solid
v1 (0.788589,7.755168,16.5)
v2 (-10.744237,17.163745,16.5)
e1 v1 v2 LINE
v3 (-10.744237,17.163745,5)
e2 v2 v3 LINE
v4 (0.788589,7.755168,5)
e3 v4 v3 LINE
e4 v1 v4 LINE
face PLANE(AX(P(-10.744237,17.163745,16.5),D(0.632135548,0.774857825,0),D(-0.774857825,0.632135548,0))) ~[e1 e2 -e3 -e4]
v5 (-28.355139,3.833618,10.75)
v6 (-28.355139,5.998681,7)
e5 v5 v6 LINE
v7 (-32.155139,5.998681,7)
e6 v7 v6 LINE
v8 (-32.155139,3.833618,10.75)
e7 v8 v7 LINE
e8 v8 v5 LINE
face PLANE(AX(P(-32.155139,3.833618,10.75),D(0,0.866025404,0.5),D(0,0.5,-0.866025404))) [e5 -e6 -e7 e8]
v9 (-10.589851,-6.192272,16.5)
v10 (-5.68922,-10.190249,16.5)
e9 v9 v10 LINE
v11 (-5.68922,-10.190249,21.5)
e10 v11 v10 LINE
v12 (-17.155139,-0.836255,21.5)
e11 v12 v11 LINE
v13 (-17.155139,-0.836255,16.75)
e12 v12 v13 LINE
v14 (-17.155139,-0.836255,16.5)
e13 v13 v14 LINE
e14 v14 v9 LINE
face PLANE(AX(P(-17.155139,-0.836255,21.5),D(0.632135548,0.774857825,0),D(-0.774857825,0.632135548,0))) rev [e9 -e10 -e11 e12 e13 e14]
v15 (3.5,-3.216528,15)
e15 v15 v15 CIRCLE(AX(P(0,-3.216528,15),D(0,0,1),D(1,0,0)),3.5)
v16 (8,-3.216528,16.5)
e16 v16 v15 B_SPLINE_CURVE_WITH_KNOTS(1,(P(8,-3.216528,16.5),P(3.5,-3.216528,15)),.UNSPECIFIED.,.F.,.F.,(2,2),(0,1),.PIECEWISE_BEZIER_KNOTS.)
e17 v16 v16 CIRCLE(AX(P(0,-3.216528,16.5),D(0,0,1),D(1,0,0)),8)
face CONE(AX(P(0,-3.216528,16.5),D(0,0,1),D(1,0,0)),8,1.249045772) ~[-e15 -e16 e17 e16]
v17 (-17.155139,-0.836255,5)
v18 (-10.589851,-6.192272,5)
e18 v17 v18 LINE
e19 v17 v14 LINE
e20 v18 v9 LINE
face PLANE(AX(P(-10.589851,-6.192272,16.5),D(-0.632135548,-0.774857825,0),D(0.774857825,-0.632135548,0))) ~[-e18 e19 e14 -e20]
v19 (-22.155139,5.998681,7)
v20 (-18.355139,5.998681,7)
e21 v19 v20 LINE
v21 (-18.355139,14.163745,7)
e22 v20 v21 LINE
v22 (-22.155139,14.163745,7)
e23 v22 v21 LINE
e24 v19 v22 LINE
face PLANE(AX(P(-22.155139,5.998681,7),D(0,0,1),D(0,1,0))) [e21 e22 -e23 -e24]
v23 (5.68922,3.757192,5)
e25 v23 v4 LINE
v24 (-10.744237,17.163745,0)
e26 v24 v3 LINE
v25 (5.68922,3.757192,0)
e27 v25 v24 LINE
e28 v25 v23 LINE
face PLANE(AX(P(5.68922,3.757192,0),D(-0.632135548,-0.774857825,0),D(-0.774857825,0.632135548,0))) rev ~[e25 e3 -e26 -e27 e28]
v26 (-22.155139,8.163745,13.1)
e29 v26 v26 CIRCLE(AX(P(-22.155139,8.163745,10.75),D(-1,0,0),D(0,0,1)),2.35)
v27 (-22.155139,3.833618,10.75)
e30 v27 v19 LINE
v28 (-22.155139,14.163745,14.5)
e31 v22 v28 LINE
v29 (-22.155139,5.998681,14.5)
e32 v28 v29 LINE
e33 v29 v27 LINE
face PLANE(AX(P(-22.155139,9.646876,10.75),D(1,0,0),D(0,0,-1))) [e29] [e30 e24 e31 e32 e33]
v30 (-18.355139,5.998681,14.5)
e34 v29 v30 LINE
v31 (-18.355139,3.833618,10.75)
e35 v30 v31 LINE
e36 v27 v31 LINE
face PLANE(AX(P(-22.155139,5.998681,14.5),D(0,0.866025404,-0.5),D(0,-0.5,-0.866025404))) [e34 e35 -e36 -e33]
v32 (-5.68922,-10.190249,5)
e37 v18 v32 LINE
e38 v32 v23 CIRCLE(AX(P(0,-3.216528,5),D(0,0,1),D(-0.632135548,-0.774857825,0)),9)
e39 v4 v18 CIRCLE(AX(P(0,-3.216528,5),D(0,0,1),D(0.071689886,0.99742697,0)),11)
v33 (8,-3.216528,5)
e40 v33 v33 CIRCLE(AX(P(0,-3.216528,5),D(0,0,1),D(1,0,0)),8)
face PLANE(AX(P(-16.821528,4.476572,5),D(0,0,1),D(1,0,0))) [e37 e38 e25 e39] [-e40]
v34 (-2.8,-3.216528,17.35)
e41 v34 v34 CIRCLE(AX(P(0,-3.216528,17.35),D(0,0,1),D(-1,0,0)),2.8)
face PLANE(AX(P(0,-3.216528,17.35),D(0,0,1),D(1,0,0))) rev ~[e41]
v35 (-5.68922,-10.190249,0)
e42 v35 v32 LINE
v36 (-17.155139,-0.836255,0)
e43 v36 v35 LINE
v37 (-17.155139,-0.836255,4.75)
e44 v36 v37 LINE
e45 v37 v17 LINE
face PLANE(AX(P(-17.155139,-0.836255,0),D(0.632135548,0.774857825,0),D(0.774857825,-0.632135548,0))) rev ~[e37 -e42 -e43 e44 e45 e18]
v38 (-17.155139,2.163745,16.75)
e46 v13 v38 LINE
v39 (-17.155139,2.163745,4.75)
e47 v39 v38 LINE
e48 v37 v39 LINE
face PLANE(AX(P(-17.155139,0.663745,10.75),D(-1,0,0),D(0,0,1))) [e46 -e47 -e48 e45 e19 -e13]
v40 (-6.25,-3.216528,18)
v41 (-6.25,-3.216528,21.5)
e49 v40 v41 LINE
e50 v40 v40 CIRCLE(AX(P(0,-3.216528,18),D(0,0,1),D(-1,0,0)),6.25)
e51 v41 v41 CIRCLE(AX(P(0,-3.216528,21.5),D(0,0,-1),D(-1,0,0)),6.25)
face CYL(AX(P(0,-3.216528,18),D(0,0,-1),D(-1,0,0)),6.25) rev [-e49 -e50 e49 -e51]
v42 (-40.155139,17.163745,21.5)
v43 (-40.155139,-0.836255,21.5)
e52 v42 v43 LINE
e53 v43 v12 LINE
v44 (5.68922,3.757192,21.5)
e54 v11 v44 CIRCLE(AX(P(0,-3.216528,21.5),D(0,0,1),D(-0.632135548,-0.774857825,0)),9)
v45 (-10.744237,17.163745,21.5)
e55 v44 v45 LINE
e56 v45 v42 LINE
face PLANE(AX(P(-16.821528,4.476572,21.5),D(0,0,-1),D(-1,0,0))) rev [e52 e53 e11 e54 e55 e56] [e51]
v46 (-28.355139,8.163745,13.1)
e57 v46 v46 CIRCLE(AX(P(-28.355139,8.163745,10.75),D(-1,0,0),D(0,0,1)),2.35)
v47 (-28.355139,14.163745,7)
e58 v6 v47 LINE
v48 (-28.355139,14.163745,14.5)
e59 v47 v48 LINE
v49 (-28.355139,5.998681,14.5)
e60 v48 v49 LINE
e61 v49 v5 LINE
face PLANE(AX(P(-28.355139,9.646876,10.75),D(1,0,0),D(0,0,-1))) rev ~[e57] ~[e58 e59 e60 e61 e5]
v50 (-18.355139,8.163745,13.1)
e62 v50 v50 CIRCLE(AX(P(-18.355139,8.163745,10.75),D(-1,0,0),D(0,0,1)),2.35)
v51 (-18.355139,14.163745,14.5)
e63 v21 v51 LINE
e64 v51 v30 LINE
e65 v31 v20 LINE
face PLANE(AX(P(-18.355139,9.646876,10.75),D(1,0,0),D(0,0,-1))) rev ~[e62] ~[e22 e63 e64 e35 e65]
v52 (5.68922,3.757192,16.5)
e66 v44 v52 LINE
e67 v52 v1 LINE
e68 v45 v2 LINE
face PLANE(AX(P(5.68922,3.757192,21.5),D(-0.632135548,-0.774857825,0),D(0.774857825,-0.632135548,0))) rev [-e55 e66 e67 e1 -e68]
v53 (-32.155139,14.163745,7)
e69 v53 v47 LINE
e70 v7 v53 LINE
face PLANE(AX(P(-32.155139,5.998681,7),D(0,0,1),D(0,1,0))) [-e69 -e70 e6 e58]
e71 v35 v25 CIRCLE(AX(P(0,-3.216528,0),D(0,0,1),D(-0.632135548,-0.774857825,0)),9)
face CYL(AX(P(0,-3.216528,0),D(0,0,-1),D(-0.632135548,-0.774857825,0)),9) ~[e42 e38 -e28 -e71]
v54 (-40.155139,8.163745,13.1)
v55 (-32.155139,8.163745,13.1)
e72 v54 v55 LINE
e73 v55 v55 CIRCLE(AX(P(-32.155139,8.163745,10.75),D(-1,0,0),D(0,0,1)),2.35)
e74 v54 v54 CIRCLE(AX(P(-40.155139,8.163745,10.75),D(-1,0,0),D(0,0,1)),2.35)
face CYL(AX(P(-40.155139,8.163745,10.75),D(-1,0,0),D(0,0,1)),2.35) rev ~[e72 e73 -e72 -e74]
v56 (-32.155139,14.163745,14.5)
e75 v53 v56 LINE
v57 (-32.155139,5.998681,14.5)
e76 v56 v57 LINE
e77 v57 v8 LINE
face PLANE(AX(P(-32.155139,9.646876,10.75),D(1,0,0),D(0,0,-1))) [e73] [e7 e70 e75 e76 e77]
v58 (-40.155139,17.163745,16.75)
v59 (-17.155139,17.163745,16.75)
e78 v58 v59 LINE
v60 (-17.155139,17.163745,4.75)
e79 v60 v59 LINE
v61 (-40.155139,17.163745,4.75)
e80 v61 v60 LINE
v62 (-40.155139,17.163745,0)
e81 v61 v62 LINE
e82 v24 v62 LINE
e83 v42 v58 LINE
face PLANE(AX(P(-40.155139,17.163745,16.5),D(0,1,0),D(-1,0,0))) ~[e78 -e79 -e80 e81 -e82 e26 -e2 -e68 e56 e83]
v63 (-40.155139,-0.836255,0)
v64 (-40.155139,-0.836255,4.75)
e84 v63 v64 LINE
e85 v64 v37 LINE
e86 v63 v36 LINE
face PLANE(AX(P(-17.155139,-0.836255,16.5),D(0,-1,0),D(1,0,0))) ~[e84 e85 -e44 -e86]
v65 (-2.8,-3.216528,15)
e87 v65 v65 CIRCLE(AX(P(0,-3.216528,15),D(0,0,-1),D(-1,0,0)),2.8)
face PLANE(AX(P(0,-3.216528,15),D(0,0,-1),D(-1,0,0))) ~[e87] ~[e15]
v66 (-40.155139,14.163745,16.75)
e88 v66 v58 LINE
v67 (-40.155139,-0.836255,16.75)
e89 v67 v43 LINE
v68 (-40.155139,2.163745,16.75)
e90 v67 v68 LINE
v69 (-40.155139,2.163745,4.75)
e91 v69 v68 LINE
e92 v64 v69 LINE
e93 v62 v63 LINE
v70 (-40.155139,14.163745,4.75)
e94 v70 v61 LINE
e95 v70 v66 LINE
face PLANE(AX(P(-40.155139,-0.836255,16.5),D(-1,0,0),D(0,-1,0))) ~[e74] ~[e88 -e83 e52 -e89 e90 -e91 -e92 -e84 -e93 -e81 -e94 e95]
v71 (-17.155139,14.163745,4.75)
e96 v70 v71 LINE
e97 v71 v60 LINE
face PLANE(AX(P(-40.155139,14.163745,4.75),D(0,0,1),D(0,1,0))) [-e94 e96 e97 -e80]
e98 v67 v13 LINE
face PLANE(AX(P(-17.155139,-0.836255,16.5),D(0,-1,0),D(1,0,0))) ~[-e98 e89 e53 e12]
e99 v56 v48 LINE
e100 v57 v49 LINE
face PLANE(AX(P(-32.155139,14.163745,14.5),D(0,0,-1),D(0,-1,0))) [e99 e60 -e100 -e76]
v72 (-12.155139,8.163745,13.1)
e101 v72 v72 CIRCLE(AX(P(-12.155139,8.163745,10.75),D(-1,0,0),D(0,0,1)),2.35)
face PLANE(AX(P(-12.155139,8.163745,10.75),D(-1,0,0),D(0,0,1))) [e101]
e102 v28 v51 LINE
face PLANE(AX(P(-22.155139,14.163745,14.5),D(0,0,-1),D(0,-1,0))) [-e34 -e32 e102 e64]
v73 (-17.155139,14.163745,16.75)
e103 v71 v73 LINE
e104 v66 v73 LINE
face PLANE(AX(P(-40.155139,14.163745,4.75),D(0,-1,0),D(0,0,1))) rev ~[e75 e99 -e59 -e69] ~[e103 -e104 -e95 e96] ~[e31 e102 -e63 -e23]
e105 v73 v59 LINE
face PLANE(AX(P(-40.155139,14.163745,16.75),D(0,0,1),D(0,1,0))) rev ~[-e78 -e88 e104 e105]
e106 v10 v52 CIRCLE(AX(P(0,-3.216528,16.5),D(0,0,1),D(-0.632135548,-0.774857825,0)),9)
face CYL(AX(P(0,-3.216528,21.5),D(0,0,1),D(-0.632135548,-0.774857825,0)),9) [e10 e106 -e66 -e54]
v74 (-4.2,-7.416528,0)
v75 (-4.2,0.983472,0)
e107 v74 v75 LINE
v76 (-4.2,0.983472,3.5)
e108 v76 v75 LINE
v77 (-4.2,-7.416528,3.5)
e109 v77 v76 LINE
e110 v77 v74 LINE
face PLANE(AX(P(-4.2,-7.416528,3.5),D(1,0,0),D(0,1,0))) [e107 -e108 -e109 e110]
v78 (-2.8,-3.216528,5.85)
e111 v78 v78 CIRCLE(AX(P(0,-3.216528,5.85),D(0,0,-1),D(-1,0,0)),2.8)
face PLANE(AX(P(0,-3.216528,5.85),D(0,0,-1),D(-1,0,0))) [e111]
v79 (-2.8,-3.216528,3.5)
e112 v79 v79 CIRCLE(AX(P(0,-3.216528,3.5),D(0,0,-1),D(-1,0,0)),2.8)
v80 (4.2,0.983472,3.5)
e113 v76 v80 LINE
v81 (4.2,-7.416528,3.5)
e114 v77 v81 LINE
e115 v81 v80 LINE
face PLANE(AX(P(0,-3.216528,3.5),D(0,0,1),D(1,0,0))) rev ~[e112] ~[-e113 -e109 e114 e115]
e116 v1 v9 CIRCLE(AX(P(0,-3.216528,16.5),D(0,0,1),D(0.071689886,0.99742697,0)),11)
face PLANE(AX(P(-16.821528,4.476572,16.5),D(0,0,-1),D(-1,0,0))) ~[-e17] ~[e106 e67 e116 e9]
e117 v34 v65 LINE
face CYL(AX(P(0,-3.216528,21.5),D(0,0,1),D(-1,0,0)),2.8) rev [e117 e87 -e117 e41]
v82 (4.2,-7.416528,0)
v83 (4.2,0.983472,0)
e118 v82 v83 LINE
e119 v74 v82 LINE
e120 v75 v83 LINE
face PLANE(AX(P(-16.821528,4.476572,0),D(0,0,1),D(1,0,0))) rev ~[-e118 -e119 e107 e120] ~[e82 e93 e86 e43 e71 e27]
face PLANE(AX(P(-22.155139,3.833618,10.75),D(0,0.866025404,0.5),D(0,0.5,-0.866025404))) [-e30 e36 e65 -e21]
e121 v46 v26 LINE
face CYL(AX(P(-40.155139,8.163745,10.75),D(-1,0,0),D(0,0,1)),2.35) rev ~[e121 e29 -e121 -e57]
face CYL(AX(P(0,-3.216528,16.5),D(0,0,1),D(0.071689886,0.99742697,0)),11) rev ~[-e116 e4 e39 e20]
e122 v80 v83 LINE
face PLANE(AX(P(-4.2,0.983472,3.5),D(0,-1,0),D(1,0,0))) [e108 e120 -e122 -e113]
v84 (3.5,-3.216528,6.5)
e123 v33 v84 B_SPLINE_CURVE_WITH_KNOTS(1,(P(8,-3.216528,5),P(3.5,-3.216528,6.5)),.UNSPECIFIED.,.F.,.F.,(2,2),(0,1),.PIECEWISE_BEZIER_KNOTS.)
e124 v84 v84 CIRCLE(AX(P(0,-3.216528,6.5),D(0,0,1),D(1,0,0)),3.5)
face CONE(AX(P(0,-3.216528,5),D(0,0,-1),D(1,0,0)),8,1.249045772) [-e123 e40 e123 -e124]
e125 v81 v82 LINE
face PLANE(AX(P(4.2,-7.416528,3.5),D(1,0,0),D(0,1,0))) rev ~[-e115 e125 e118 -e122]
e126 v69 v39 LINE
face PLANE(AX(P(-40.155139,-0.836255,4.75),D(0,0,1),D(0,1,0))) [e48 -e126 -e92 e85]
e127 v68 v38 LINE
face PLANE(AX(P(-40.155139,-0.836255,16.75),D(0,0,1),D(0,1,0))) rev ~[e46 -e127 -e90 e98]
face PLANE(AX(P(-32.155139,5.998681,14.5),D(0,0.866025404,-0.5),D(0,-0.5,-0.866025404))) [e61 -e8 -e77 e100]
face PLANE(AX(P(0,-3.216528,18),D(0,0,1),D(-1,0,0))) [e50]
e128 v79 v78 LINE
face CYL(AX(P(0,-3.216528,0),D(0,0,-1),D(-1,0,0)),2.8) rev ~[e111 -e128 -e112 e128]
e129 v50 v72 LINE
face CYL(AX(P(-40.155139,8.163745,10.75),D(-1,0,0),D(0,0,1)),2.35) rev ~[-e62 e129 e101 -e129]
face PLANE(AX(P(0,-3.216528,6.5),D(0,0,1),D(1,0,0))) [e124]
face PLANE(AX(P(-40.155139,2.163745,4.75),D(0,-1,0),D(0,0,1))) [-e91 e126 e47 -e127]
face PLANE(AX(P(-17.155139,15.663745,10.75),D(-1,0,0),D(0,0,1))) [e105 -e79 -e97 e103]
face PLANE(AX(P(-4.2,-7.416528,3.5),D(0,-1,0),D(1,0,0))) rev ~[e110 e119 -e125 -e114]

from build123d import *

# Parameters (mm, degrees)
BOSS_EXTRUDE1_DEPTH = 5
SKETCH8_R           = 3.5
BOSS_EXTRUDE5_DEPTH = 1.5
SKETCH10_R          = 8
BOSS_EXTRUDE7_DEPTH = 5.75
SKETCH15_R          = 2.8
CUT_EXTRUDE7_DEPTH  = 10
NUT_CUT_START       = -1.5
SKETCH6_W           = 8.4
SKETCH6_H           = 8.4
NUT_CUT_DEPTH       = 46.182751545
SKETCH16_W          = 12
SKETCH16_H          = 3
CUT_EXTRUDE8_DEPTH  = 23
SKETCH17_R          = 2.35
CUT_EXTRUDE9_DEPTH  = 28
CUT_EXTRUDE10_START = 1.5
SKETCH19_R          = 6.25
CUT_EXTRUDE10_DEPTH = 46.182751545
CUT_EXTRUDE11_START = -8
CUT_EXTRUDE11_DEPTH = 3.8
LPATTERN1_COUNT     = 2
LPATTERN1_PITCH     = 10
SKETCH22_R          = 3.051848234
BOSS_EXTRUDE8_DEPTH = 0.65
SKETCH23_R          = 3.919040969
BOSS_EXTRUDE9_DEPTH = 0.65


with BuildPart() as part:
    # Sketch1 → Boss-Extrude1 (new body)
    with BuildSketch(Plane.XY):
        with BuildLine():
            Line((-40.155138696, -0.836255417), (-17.155138696, -0.836255417))
            Line((-17.155138696, -0.836255417), (-5.68921993, -10.190248634))
            ThreePointArc((-5.68921993, -10.190248634), (6.973720426, -8.905748138), (5.68921993, 3.757192218))
            Line((5.68921993, 3.757192218), (-10.744236538, 17.163744583))
            Line((-10.744236538, 17.163744583), (-40.155138696, 17.163744583))
            Line((-40.155138696, 17.163744583), (-40.155138696, -0.836255417))
        make_face()
    extrude(amount=BOSS_EXTRUDE1_DEPTH)

    # Sketch8 → Boss-Extrude5 (add)
    with BuildSketch(Plane.XY.offset(5)):
        with Locations((0, -3.216528208)):
            Circle(SKETCH8_R)
    extrude(amount=BOSS_EXTRUDE5_DEPTH)

    # Sketch10 → section 0 of loft4
    with BuildSketch(Plane.XY.offset(5), mode=Mode.PRIVATE) as loft4_s0:
        with Locations((0, -3.216528208)):
            Circle(SKETCH10_R)
    # loft up to a face of the part (loft4)
    loft([loft4_s0.sketch, part.faces().sort_by_distance((0, -3.216528208, 6.5))[0]])

    # Sketch14 → Boss-Extrude7 (add)
    with BuildSketch(Plane.XY.offset(5)):
        with BuildLine():
            Line((-40.155138696, -0.836255417), (-40.155138696, 17.163744583))
            Line((-40.155138696, 17.163744583), (-10.744236538, 17.163744583))
            Line((-10.744236538, 17.163744583), (0.78858875, 7.75516846))
            ThreePointArc((0.78858875, 7.75516846), (-8.523436076, 3.736962818), (-10.589851111, -6.192272392))
            Line((-10.589851111, -6.192272392), (-17.155138696, -0.836255417))
            Line((-17.155138696, -0.836255417), (-40.155138696, -0.836255417))
        make_face()
    extrude(amount=BOSS_EXTRUDE7_DEPTH)

    # Sketch15 → Cut-Extrude7 (cut)
    with BuildSketch(Plane(origin=(0, 0, 0), x_dir=(-1, 0, 0), z_dir=(0, 0, -1))):
        with Locations((0, -3.216528208)):
            Circle(SKETCH15_R)
    extrude(amount=-CUT_EXTRUDE7_DEPTH, mode=Mode.SUBTRACT)

    # Mirror1: part across plane


with BuildPart() as part_1:
    add(part.part)
    add(part.part.mirror(Plane(origin=(0, -3.216528208, 10.75), x_dir=(1, 0, 0), z_dir=(0, 0, 1))))

    # Sketch6 → nut-cut (cut, through all)
    with BuildSketch(Plane.XY.offset(5).offset(NUT_CUT_START)):
        with Locations((0, -3.216528208)):
            Rectangle(SKETCH6_W, SKETCH6_H)
    extrude(amount=-NUT_CUT_DEPTH, mode=Mode.SUBTRACT)

    # Sketch16 → Cut-Extrude8 (cut)
    with BuildSketch(Plane.ZY.offset(40.155138696)):
        with Locations((10.75, 0.663744583)):
            Rectangle(SKETCH16_W, SKETCH16_H)
        with Locations((10.75, 15.663744583)):
            Rectangle(SKETCH16_W, SKETCH16_H)
    extrude(amount=-CUT_EXTRUDE8_DEPTH, mode=Mode.SUBTRACT)

    # Sketch17 → Cut-Extrude9 (cut)
    with BuildSketch(Plane.ZY.offset(40.155138696)):
        with Locations((10.75, 8.163744583)):
            Circle(SKETCH17_R)
    extrude(amount=-CUT_EXTRUDE9_DEPTH, mode=Mode.SUBTRACT)

    # Sketch19 → Cut-Extrude10 (cut, through all)
    with BuildSketch(Plane.XY.offset(16.5).offset(CUT_EXTRUDE10_START)):
        with Locations(Location((0, -3.216528208, 0), (0, 0, 180))):
            Circle(SKETCH19_R)
    extrude(amount=CUT_EXTRUDE10_DEPTH, mode=Mode.SUBTRACT)

    # Sketch20 → Cut-Extrude11 (cut)
    with BuildSketch(Plane.ZY.offset(40.155138696).offset(CUT_EXTRUDE11_START)):
        Polygon((7, 14.163744583), (14.5, 14.163744583), (14.5, 5.998681073), (10.75, 3.833617564), (7, 5.998681073), align=None)
    cut_extrude11 = extrude(amount=-CUT_EXTRUDE11_DEPTH, mode=Mode.SUBTRACT)

    # LPattern1: Cut-Extrude11 ×2
    with Locations(*[(i * LPATTERN1_PITCH, 0, 0) for i in range(1, LPATTERN1_COUNT)]):
        add(cut_extrude11, mode=Mode.SUBTRACT)

    # Sketch22 → Boss-Extrude8 (add)
    with BuildSketch(Plane(origin=(0, 0, 6.5), x_dir=(-1, 0, 0), z_dir=(0, 0, -1))):
        with Locations((0, -3.216528208)):
            Circle(SKETCH22_R)
    extrude(amount=BOSS_EXTRUDE8_DEPTH)

    # Sketch23 → Boss-Extrude9 (add)
    with BuildSketch(Plane.XY.offset(18)):
        with Locations((0, -3.216528208)):
            Circle(SKETCH23_R)
    extrude(amount=-BOSS_EXTRUDE9_DEPTH)


solid = part_1.part
